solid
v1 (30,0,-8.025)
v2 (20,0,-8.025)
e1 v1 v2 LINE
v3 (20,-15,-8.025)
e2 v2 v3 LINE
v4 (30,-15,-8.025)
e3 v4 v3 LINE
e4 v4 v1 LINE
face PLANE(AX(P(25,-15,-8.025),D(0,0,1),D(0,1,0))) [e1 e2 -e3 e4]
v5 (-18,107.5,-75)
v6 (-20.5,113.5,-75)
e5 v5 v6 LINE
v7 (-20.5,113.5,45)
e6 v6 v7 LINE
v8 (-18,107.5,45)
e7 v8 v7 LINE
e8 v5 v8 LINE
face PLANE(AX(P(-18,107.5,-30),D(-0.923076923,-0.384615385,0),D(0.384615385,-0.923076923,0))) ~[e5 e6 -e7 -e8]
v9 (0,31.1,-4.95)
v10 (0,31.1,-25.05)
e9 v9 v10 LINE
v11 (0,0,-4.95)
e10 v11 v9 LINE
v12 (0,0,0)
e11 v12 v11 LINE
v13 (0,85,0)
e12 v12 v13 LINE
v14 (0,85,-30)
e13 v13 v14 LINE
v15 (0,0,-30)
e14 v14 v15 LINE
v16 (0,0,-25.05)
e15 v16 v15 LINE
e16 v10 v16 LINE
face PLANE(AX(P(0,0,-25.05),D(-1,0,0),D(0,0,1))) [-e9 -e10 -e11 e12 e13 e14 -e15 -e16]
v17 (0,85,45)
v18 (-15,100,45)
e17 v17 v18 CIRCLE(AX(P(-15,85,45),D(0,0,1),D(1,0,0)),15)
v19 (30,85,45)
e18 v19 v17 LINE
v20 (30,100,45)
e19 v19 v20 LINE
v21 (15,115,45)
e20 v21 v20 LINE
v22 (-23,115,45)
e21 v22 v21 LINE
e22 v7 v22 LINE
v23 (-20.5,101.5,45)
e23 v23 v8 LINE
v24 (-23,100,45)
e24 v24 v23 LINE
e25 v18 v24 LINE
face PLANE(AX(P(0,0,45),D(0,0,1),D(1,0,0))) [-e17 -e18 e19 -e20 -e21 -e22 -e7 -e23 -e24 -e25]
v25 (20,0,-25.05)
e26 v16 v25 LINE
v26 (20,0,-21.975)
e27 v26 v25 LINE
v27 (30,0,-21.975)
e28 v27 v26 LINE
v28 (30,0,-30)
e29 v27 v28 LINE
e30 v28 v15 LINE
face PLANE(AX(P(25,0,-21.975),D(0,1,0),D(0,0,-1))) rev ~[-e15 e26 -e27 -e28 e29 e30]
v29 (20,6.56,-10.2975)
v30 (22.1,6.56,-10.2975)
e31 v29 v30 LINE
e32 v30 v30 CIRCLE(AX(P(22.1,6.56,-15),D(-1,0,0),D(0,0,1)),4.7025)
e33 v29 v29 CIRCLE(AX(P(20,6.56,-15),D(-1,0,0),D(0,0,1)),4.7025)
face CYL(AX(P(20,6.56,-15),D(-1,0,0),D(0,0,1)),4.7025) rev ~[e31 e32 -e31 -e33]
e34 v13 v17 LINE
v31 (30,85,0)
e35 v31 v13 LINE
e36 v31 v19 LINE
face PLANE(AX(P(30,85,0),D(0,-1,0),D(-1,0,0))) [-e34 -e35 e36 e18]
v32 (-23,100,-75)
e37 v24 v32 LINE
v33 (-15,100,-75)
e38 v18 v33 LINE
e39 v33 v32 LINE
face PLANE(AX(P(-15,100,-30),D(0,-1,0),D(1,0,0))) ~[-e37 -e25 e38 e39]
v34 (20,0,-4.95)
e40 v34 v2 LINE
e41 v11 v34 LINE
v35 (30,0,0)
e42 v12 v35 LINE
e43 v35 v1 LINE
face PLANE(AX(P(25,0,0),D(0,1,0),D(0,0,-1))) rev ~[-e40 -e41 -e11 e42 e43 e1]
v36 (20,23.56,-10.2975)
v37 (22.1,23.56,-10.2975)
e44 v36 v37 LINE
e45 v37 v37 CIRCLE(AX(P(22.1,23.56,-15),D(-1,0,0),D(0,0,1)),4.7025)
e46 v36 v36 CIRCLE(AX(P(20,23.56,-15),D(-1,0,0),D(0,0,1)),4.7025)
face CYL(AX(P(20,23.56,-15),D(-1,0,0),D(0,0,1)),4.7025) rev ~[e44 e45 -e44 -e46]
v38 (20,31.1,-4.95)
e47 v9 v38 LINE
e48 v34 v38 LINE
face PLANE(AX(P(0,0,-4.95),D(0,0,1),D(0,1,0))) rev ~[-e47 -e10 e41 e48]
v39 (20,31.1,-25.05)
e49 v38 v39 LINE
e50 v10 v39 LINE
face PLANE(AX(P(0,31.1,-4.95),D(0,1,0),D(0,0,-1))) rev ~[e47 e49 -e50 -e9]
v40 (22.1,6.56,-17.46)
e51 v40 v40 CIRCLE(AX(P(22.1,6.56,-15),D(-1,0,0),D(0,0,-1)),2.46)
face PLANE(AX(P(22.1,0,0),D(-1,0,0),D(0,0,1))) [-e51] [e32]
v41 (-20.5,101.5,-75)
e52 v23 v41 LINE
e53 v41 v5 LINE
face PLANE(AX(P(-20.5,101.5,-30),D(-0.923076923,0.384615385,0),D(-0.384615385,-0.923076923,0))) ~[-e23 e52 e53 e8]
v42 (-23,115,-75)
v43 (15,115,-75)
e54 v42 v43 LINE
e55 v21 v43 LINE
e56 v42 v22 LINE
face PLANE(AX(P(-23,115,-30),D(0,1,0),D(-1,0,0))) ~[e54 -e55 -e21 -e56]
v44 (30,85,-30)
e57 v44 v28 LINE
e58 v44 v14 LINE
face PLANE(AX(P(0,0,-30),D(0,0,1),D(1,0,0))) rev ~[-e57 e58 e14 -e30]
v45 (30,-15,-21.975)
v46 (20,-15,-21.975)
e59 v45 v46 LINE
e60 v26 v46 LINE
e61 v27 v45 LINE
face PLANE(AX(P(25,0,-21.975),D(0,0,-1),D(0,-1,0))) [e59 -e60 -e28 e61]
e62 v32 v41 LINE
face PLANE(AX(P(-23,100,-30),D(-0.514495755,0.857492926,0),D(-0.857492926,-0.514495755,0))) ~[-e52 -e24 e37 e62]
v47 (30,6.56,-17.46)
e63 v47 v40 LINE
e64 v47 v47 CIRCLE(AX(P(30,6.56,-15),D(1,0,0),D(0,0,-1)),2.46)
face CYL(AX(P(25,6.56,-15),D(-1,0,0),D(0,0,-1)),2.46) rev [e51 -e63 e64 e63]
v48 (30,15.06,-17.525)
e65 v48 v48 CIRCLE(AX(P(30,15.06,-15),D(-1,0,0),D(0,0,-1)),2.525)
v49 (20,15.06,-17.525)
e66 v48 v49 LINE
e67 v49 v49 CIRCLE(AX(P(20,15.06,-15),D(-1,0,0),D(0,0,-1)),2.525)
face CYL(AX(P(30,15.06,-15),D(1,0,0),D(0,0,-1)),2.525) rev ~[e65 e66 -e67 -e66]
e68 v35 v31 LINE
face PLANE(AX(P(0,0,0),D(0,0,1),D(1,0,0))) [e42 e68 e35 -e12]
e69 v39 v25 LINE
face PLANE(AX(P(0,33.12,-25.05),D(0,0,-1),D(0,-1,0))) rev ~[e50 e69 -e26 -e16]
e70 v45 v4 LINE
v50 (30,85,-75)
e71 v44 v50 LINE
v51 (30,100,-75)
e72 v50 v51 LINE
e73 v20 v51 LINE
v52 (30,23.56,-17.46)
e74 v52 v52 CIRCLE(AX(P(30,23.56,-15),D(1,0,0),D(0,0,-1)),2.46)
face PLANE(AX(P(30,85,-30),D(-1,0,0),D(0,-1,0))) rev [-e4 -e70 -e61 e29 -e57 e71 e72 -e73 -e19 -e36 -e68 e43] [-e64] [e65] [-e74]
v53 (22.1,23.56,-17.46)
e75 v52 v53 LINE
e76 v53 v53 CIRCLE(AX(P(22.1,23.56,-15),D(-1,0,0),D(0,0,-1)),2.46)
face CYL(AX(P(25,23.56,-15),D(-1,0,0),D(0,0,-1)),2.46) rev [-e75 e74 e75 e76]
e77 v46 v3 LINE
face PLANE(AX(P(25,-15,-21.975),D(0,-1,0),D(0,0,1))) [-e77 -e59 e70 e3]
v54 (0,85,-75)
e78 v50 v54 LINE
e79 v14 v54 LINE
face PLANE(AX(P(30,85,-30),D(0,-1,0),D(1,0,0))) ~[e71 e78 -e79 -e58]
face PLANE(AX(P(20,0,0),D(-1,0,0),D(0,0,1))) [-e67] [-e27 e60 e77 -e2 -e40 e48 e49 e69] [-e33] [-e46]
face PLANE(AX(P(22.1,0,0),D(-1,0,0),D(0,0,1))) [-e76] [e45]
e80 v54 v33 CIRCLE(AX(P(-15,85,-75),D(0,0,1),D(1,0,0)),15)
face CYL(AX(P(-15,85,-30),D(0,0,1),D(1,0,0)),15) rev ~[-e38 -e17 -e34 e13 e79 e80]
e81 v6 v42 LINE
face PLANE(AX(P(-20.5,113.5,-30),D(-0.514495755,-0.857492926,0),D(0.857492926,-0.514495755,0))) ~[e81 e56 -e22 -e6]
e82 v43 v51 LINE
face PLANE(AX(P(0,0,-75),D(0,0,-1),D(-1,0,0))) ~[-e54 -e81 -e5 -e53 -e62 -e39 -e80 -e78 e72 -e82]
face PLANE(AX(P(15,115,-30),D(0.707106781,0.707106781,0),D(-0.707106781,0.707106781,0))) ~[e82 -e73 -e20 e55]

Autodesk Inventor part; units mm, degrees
ref_plane "YZ Plane" through (0, 0, 0) normal (1, 0, 0) x (0, 1, 0)
ref_plane "XZ Plane" through (0, 0, 0) normal (0, 1, 0) x (-1, 0, 0)
sketch "Sketch1" plane through (0, 0, 0) normal (0, 0, 1) x (1, 0, 0)
  line L0 (0, 0) -> (25, 0)
  line L1 (25, 0) -> (25, 40)
  line L2 (25, 40) -> (0, 40)
  line L3 (0, 40) -> (0, 0)
  dimension "d1" = 25
  dimension "d2" = 40
  dimension "d3" = 25
extrude "Extrusion1" add sketch "Sketch1" against normal blind 30
sketch "Sketch2" plane through (25, 0, 0) normal (1, 0, 0) x (0, 0, -1)
  line L0 (0, 0) -> (30, 0) projected
  circle A0 centre (15, 6.56) radius 2.46
extrude "Extrusion2" cut sketch "Sketch2" against normal blind 30
sketch "Sketch3" plane through (0, 0, 0) normal (-1, 0, 0) x (0, 0, 1)
  line L0 (0, 0) -> (-30, 0) projected
  line L1 (-25.05, 0) -> (-4.95, 0)
  line L2 (-4.95, 0) -> (-4.95, 33.12)
  line L3 (-4.95, 33.12) -> (-25.05, 33.12)
  line L4 (-25.05, 33.12) -> (-25.05, 0)
  dimension "d11" = 20.1
extrude "Extrusion3" cut sketch "Sketch3" against normal blind 20
sketch "Sketch4" plane through (0, 0, 0) normal (0, -1, 0) x (1, 0, 0)
  line L0 (20, -4.95) -> (20, -25.05) projected
  line L1 (20, -15) -> (25, -15)
  line L2 (25, 0) -> (25, -30) projected
  line L3 (20, -8.025) -> (25, -8.025)
  line L4 (25, -8.025) -> (25, -21.975)
  line L5 (25, -21.975) -> (20, -21.975)
  line L6 (20, -21.975) -> (20, -8.025)
  line L7 (20, -8.025) -> (25, -21.975) construction
  line L8 (25, -8.025) -> (20, -21.975) construction
  line L9 (25, -12.54) -> (25, -17.46) projected
  point P0 (0, 0)
  point P1 (22.5, -15)
  dimension "d14" = 13.95
extrude "Extrusion4" add sketch "Sketch4" along normal blind 15
sketch "Sketch5" plane through (20, 0, 0) normal (-1, 0, 0) x (0, 0, 1)
  circle A0 centre (-15, 6.56) radius 2.46 projected
  circle A1 centre (-15, 6.56) radius 4.7025
  circle A2 centre (-15, 6.56) radius 2.46 projected
  circle A3 centre (-15, 6.56) radius 2.46
  point P0 (0, 0)
  dimension "d17" = 9.405
extrude "Extrusion5" cut sketch "Sketch5" against normal blind 2.1
sketch "Sketch6" plane through (25, 0, 0) normal (1, 0, 0) x (0, 0, -1)
  circle A0 centre (15, 6.56) radius 4.7025 projected
  line L0 (15, 6.56) -> (15, 23.56)
  circle A1 centre (15, 23.56) radius 2.46
  point P0 (0, 0)
  dimension "d20" = 17
  dimension "d21" = 4.92
extrude "Extrusion6" cut sketch "Sketch6" against normal blind 10 contours A1
sketch "Sketch7" plane through (20, 0, 0) normal (-1, 0, 0) x (0, 0, 1)
  circle A0 centre (-15, 23.56) radius 2.46 projected
  circle A1 centre (-15, 23.56) radius 4.7025
  point P0 (0, 0)
  dimension "d24" = 9.405
extrude "Extrusion7" cut sketch "Sketch7" against normal blind 2.1
sketch "Sketch9" plane through (25, 0, 0) normal (1, 0, 0) x (0, 0, -1)
  circle A0 centre (15, 6.56) radius 2.46 projected
  circle A1 centre (15, 6.56) radius 2.46
  circle A2 centre (15, 23.56) radius 2.46 projected
  circle A3 centre (15, 23.56) radius 2.46
  line L0 (30, 40) -> (30, 0) projected
  line L1 (30, 0) -> (30, 40)
  line L2 (30, 40) -> (0, 40)
  line L3 (0, 40) -> (0, 0)
  line L4 (0, 0) -> (8.025, 0) projected
  line L5 (21.975, 0) -> (21.975, -15)
  line L6 (21.975, -15) -> (8.025, -15)
  line L7 (8.025, -15) -> (8.025, 0)
  line L8 (0, 0) -> (8.025, 0)
  line L9 (21.975, 0) -> (30, 0)
extrude "Extrusion8" add sketch "Sketch9" along normal blind 5
sketch "Sketch10" plane through (0, 40, 0) normal (0, 1, 0) x (1, 0, 0)
  line L0 (0, 30) -> (30, 30) projected
  line L1 (30, 0) -> (0, 0) projected
  line L2 (0, 30) -> (30, 30)
  line L3 (30, 30) -> (30, 0)
  line L4 (30, 0) -> (0, 0)
  line L5 (0, 0) -> (0, 30)
extrude "Extrusion9" add sketch "Sketch10" along normal blind 30
sketch "Sketch12" plane through (30, 0, 0) normal (1, 0, 0) x (0, 0, -1)
  circle A0 centre (15, 6.56) radius 2.46 projected
  line L0 (15, 6.56) -> (15, 15.06)
  circle A1 centre (15, 15.06) radius 2.525
  point P0 (0, 0)
  dimension "d31" = 8.5
  dimension "d33" = 5.05
extrude "Extrusion10" cut sketch "Sketch12" against normal blind 30 contours A1
sketch "Sketch14" plane through (0, 0, 0) normal (0, 0, 1) x (1, 0, 0)
  line L0 (30, 70) -> (0, 70) projected
  line L1 (0, 70) -> (0, 85)
  line L2 (-15, 100) -> (-23, 100)
  line L3 (30, 100) -> (15, 115)
  line L4 (-23, 115) -> (15, 115)
  line L5 (30, 0) -> (30, 70) projected
  line L6 (30, 100) -> (30, 70)
  line L7 (-20.5, 113.5) -> (-23, 115)
  line L8 (-20.5, 101.5) -> (-23, 100)
  line L9 (-18, 107.5) -> (-20.5, 101.5)
  line L10 (-18, 107.5) -> (-20.5, 113.5)
  arc A0 (0, 85) -> (-15, 100) centre (-15, 85) ccw
  point P0 (0, 0)
  point P1 (0, 100)
  dimension "d47" = 30
  dimension "d49" = 15
  dimension "d54" = 15
extrude "Extrusion12" add sketch "Sketch14" against normal blind 30
sketch "Sketch15" plane through (0, 0, -25.05) normal (-1, 0, 0) x (0, 0, 1)
  line L0 (0, 33.12) -> (20.1, 33.12) projected
  line L1 (20.1, 33.12) -> (20.1, 0) projected
  line L2 (0, 33.12) -> (20.1, 33.12)
  line L3 (20.1, 33.12) -> (20.1, 31.1)
  line L4 (20.1, 31.1) -> (0, 31.1)
  line L5 (0, 31.1) -> (0, 33.12)
  point P0 (25.05, 0)
  dimension "d57" = 2.02
extrude "Extrusion13" add sketch "Sketch15" against normal blind 20
sketch "Sketch17" plane through (0, 0, 0) normal (0, 0, 1) x (1, 0, 0)
  line L0 (-23, 115) -> (15, 115) projected
  line L1 (-23, 115) -> (15, 115)
  line L2 (30, 0) -> (30, 100) projected
  line L3 (15, 115) -> (30, 100)
  line L4 (30, 100) -> (30, 85)
  arc A0 (0, 85) -> (-15, 100) centre (-15, 85) ccw projected
  line L5 (30, 85) -> (0, 85)
  arc A1 (0, 85) -> (-15, 100) centre (-15, 85) ccw
  line L6 (-15, 100) -> (-23, 100) projected
  line L7 (-15, 100) -> (-23, 100)
  line L8 (-23, 100) -> (-20.5, 101.5) projected
  line L9 (-23, 100) -> (-20.5, 101.5)
  line L10 (-20.5, 101.5) -> (-18, 107.5) projected
  line L11 (-20.5, 101.5) -> (-18, 107.5)
  line L12 (-18, 107.5) -> (-20.5, 113.5) projected
  line L13 (-18, 107.5) -> (-20.5, 113.5)
  line L14 (-20.5, 113.5) -> (-23, 115)
  point P0 (0, 0)
extrude "Extrusion14" add sketch "Sketch17" along normal blind 45
ref_plane "Work Plane1" through (0, 0, -15) normal (0, 0, 1) x (1, 0, 0)
mirror "Mirror1" about plane through (0, 0, -15) normal (0, 0, 1) of "Extrusion14"
properties part number "12mm_x_120mm"
